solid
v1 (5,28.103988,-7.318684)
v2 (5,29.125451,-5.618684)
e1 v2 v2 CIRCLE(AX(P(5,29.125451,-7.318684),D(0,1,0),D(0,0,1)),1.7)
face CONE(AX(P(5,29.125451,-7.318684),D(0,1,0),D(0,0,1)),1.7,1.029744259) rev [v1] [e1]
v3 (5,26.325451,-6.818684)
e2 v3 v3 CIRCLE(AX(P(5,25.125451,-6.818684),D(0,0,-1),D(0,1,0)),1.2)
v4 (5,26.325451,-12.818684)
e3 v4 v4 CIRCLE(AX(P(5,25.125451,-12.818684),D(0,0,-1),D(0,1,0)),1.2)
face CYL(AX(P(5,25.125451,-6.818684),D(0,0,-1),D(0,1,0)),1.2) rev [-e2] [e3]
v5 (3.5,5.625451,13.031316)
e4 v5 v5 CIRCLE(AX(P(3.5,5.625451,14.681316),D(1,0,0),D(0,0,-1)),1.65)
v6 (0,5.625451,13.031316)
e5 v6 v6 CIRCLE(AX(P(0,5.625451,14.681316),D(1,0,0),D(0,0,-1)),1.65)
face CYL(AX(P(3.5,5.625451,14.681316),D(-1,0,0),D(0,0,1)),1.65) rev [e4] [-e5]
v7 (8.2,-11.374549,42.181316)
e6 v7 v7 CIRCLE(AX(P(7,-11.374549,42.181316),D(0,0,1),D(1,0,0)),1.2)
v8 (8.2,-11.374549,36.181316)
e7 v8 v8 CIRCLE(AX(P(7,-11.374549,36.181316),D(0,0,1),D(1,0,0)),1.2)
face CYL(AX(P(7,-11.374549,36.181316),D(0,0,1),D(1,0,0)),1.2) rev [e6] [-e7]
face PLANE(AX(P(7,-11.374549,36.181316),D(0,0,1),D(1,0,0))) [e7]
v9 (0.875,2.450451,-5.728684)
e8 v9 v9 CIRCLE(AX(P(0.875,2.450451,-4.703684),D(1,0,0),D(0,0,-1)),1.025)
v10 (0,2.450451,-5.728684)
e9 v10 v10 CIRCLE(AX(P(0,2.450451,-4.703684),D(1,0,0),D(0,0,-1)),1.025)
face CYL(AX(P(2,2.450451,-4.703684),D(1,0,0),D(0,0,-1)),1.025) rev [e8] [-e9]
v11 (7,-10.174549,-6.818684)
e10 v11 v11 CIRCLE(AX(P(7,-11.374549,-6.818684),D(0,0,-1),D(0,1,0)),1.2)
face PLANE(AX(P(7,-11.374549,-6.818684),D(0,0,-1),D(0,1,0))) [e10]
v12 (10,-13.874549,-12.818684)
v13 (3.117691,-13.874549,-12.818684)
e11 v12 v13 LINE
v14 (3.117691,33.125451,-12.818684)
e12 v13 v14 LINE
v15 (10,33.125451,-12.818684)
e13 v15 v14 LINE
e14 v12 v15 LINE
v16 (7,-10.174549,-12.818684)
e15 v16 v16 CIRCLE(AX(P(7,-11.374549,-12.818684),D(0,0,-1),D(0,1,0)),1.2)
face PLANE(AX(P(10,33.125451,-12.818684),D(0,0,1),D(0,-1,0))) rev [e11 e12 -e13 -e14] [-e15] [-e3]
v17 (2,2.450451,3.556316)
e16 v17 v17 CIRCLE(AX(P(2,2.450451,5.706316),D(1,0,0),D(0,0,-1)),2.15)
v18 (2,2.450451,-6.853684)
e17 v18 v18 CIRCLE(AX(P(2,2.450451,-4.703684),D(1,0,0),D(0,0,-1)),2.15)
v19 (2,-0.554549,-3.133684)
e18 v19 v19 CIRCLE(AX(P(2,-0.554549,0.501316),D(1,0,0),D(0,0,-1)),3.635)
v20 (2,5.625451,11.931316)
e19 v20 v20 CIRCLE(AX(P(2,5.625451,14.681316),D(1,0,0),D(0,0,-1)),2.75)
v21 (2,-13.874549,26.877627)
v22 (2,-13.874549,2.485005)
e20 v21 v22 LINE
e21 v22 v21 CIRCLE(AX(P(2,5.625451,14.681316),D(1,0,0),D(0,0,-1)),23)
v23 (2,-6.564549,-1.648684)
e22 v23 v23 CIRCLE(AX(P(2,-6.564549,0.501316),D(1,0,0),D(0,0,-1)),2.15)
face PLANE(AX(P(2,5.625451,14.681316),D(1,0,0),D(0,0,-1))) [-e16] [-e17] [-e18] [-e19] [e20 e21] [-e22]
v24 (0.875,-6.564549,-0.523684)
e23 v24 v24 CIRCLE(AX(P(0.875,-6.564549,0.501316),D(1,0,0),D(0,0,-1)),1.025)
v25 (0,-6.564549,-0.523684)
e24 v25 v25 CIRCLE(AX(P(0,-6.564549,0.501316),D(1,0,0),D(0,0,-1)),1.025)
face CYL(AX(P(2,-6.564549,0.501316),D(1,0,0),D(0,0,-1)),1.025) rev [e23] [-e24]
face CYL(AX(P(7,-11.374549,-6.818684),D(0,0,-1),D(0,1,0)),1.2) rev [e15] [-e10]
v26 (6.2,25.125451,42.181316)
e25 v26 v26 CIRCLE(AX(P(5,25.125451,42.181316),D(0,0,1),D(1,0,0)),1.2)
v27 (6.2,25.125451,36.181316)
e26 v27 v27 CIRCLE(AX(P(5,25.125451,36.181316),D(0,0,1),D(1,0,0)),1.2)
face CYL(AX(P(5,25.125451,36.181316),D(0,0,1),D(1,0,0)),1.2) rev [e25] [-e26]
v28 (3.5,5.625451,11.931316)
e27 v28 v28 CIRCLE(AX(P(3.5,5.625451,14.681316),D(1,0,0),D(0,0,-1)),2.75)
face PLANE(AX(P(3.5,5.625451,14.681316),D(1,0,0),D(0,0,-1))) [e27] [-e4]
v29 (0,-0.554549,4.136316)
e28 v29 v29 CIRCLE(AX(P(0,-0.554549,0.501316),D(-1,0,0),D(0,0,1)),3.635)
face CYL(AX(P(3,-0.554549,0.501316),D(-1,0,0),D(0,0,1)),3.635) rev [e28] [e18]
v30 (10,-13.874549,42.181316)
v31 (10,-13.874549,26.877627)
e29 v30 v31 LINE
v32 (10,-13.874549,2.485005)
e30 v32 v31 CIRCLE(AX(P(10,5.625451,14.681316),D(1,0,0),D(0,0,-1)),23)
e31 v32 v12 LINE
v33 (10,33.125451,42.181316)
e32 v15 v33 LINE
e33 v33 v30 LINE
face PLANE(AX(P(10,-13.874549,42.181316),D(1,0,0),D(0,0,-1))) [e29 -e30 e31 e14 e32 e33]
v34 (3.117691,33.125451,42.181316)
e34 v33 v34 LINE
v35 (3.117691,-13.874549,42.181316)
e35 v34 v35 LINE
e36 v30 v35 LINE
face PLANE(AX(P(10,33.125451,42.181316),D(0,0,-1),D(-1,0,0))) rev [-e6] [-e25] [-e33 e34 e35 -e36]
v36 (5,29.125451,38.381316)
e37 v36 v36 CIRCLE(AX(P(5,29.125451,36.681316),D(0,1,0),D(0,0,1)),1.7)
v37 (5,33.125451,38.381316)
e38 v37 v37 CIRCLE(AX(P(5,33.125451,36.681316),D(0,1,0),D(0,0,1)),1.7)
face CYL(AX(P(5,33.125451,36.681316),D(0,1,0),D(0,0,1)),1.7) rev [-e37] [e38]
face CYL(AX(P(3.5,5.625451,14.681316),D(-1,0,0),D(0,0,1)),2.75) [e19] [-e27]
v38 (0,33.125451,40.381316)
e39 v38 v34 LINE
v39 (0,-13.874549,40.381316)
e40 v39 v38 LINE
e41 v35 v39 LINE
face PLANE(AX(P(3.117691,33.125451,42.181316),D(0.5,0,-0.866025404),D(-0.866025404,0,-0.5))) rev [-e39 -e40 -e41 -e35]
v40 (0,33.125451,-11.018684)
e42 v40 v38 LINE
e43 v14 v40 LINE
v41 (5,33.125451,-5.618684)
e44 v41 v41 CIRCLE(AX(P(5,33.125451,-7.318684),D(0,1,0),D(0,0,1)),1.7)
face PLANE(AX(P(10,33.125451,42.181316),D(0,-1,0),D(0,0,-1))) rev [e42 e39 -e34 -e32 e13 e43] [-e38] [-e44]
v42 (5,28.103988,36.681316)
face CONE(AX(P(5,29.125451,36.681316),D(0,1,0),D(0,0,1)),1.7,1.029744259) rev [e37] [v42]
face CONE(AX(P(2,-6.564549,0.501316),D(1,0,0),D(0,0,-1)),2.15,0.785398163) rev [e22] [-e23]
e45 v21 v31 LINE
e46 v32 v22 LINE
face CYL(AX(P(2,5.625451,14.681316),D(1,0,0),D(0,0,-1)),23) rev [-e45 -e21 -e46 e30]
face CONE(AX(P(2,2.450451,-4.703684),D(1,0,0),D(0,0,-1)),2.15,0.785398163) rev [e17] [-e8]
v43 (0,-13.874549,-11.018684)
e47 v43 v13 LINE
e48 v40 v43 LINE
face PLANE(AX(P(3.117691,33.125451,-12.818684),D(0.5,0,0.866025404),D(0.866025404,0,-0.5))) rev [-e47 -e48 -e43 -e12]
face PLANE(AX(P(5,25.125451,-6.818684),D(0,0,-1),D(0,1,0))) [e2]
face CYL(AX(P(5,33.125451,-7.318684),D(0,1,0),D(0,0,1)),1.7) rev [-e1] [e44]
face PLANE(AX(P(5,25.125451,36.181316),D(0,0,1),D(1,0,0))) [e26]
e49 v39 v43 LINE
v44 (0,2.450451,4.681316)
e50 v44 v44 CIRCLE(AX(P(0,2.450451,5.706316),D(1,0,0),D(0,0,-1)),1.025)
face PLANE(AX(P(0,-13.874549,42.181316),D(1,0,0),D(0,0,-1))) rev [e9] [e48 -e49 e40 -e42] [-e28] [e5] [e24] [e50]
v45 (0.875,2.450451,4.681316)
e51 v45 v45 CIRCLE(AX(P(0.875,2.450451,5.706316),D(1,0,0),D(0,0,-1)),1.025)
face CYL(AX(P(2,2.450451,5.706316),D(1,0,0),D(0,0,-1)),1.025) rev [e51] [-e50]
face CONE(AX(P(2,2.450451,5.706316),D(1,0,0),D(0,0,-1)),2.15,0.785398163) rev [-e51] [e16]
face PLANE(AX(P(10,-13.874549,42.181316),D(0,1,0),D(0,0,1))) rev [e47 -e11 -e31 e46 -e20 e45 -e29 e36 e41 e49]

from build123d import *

# Parameters (mm, degrees)
SKETCH1_W                                    = 55
SKETCH1_H                                    = 47
EXTRUDE1_DEPTH                               = 10
SKETCH2_R                                    = 23
EXTRUDE2_DEPTH                               = 8
SKETCH3_R                                    = 1.2
EXTRUDE3_DEPTH                               = 6
SKETCH4_R                                    = 1.2
EXTRUDE4_DEPTH                               = 6
SKETCH5_R                                    = 2.75
SKETCH5_R_2                                  = 1.65
EXTRUDE5_DEPTH                               = 1.5
SKETCH6_R                                    = 1.65
EXTRUDE6_DEPTH                               = 2
SKETCH7_R                                    = 3.635
EXTRUDE7_DEPTH                               = 3
CSK_FOR_M1_6_COUNTERSUNK_FLAT_HEAD_S_2_COUNT = 2
CSK_FOR_M1_6_COUNTERSUNK_FLAT_HEAD_S_2_PITCH = 10.41
CSK_FOR_M1_6_COUNTERSUNK_FLAT_HEAD_S_3_COUNT = 2
CSK_FOR_M1_6_COUNTERSUNK_FLAT_HEAD_S_3_PITCH = 10.409719016
CHAMFER1_SIZE                                = 1.8
CHAMFER1_SIZE2                               = 3.117691454
F_3_4_3_4_DIAMETER_HOLE1_D                   = 3.4
F_3_4_3_4_DIAMETER_HOLE1_DEPTH               = 4
F_3_4_3_4_DIAMETER_HOLE1_TIP                 = 1.021463052


with BuildPart() as part:
    # Sketch1 → Extrude1 (new body)
    with BuildSketch(Plane(origin=(0, 0, 0), x_dir=(0, 0, -1), z_dir=(1, 0, 0))):
        with Locations((-14.681315866, 9.625451264)):
            Rectangle(SKETCH1_W, SKETCH1_H)
    extrude(amount=EXTRUDE1_DEPTH)

    # Sketch2 → Extrude2 (cut)
    with BuildSketch(Plane(origin=(10, 0, 0), x_dir=(0, 0, -1), z_dir=(1, 0, 0))):
        with Locations((-14.681315866, 5.625451264)):
            Circle(SKETCH2_R)
    extrude(amount=-EXTRUDE2_DEPTH, mode=Mode.SUBTRACT)

    # Sketch3 → Extrude3 (cut)
    with BuildSketch(Plane.XY.offset(42.181315866)):
        with Locations((5, 25.125451264)):
            Circle(SKETCH3_R)
        with Locations((7, -11.374548736)):
            Circle(SKETCH3_R)
    extrude(amount=-EXTRUDE3_DEPTH, mode=Mode.SUBTRACT)

    # Sketch4 → Extrude4 (cut)
    with BuildSketch(Plane(origin=(0, 0, -12.818684134), x_dir=(-1, 0, 0), z_dir=(0, 0, -1))):
        with Locations((-5, 25.125451264)):
            Circle(SKETCH4_R)
        with Locations((-7, -11.374548736)):
            Circle(SKETCH4_R)
    extrude(amount=-EXTRUDE4_DEPTH, mode=Mode.SUBTRACT)

    # Sketch5 → Extrude5 (add)
    with BuildSketch(Plane(origin=(2, 0, 0), x_dir=(0, 0, -1), z_dir=(1, 0, 0))):
        with Locations((-14.681315866, 5.625451264)):
            Circle(SKETCH5_R)
        with Locations((-14.681315866, 5.625451264)):
            Circle(SKETCH5_R_2, mode=Mode.SUBTRACT)
    extrude(amount=EXTRUDE5_DEPTH)

    # Sketch6 → Extrude6 (cut)
    with BuildSketch(Plane(origin=(2, 0, 0), x_dir=(0, 0, -1), z_dir=(1, 0, 0))):
        with Locations((-14.681315866, 5.625451264)):
            Circle(SKETCH6_R)
    extrude(amount=-EXTRUDE6_DEPTH, mode=Mode.SUBTRACT)

    # Sketch7 → Extrude7 (cut)
    with BuildSketch(Plane.ZY):
        with Locations((0.501315866, -0.554548736)):
            Circle(SKETCH7_R)
    extrude(amount=-EXTRUDE7_DEPTH, mode=Mode.SUBTRACT)

    # Sketch10 → CSK for M1.6 Countersunk Flat Head Screw1 (revolve, cut)
    with BuildSketch(Plane(origin=(2, 2.450451264, 5.706315866), x_dir=(0, 0, -1), z_dir=(0, 1, 0))):
        Polygon((0, 0), (0, 2), (1.025, 2), (1.025, 1.125), (2.15, 0), align=None)
    csk_for_m1_6_countersunk_flat_head_screw = revolve(axis=Axis((8.35, 2.450451264, 5.706315866), (-1, 0, 0)), mode=Mode.SUBTRACT)

    # CSK for M1.6 Countersunk Flat Head S 2: CSK for M1.6 Countersunk Flat Head Screw1 ×2
    with Locations(*[(0, 0, -i * CSK_FOR_M1_6_COUNTERSUNK_FLAT_HEAD_S_2_PITCH) for i in range(1, CSK_FOR_M1_6_COUNTERSUNK_FLAT_HEAD_S_2_COUNT)]):
        add(csk_for_m1_6_countersunk_flat_head_screw, mode=Mode.SUBTRACT)

    # CSK for M1.6 Countersunk Flat Head S 3: CSK for M1.6 Countersunk Flat Head Screw1 ×2
    with Locations(*[Vector(0, -0.866017612, -0.500013496) * (i * CSK_FOR_M1_6_COUNTERSUNK_FLAT_HEAD_S_3_PITCH) for i in range(1, CSK_FOR_M1_6_COUNTERSUNK_FLAT_HEAD_S_3_COUNT)]):
        add(csk_for_m1_6_countersunk_flat_head_screw, mode=Mode.SUBTRACT)

    # Chamfer1
    chamfer1_edges = [part.edges().sort_by_distance(p)[0] for p in [
        (0, 9.625451264, -12.818684134),
        (0, 9.625451264, 42.181315866),
    ]]
    chamfer1_side = [part.faces().sort_by_distance(p)[0] for p in [
        (0, 9.84627635, 14.970036249),
    ]]
    chamfer(chamfer1_edges, length=CHAMFER1_SIZE, length2=CHAMFER1_SIZE2, reference=chamfer1_side[0])

    # Ø3.4 (3.4) Diameter Hole1
    with Locations(Plane(origin=(5, 33.125451264, -7.318684134), x_dir=(0, 0, 1), z_dir=(0, 1, 0))):
        with Locations((0, 0), (44, 0)):
            Hole(F_3_4_3_4_DIAMETER_HOLE1_D / 2, depth=F_3_4_3_4_DIAMETER_HOLE1_DEPTH)
            with Locations((0, 0, -(F_3_4_3_4_DIAMETER_HOLE1_DEPTH + F_3_4_3_4_DIAMETER_HOLE1_TIP / 2))):  # 118° drill point
                Cone(0, F_3_4_3_4_DIAMETER_HOLE1_D / 2, F_3_4_3_4_DIAMETER_HOLE1_TIP, mode=Mode.SUBTRACT)


solid = part.part
